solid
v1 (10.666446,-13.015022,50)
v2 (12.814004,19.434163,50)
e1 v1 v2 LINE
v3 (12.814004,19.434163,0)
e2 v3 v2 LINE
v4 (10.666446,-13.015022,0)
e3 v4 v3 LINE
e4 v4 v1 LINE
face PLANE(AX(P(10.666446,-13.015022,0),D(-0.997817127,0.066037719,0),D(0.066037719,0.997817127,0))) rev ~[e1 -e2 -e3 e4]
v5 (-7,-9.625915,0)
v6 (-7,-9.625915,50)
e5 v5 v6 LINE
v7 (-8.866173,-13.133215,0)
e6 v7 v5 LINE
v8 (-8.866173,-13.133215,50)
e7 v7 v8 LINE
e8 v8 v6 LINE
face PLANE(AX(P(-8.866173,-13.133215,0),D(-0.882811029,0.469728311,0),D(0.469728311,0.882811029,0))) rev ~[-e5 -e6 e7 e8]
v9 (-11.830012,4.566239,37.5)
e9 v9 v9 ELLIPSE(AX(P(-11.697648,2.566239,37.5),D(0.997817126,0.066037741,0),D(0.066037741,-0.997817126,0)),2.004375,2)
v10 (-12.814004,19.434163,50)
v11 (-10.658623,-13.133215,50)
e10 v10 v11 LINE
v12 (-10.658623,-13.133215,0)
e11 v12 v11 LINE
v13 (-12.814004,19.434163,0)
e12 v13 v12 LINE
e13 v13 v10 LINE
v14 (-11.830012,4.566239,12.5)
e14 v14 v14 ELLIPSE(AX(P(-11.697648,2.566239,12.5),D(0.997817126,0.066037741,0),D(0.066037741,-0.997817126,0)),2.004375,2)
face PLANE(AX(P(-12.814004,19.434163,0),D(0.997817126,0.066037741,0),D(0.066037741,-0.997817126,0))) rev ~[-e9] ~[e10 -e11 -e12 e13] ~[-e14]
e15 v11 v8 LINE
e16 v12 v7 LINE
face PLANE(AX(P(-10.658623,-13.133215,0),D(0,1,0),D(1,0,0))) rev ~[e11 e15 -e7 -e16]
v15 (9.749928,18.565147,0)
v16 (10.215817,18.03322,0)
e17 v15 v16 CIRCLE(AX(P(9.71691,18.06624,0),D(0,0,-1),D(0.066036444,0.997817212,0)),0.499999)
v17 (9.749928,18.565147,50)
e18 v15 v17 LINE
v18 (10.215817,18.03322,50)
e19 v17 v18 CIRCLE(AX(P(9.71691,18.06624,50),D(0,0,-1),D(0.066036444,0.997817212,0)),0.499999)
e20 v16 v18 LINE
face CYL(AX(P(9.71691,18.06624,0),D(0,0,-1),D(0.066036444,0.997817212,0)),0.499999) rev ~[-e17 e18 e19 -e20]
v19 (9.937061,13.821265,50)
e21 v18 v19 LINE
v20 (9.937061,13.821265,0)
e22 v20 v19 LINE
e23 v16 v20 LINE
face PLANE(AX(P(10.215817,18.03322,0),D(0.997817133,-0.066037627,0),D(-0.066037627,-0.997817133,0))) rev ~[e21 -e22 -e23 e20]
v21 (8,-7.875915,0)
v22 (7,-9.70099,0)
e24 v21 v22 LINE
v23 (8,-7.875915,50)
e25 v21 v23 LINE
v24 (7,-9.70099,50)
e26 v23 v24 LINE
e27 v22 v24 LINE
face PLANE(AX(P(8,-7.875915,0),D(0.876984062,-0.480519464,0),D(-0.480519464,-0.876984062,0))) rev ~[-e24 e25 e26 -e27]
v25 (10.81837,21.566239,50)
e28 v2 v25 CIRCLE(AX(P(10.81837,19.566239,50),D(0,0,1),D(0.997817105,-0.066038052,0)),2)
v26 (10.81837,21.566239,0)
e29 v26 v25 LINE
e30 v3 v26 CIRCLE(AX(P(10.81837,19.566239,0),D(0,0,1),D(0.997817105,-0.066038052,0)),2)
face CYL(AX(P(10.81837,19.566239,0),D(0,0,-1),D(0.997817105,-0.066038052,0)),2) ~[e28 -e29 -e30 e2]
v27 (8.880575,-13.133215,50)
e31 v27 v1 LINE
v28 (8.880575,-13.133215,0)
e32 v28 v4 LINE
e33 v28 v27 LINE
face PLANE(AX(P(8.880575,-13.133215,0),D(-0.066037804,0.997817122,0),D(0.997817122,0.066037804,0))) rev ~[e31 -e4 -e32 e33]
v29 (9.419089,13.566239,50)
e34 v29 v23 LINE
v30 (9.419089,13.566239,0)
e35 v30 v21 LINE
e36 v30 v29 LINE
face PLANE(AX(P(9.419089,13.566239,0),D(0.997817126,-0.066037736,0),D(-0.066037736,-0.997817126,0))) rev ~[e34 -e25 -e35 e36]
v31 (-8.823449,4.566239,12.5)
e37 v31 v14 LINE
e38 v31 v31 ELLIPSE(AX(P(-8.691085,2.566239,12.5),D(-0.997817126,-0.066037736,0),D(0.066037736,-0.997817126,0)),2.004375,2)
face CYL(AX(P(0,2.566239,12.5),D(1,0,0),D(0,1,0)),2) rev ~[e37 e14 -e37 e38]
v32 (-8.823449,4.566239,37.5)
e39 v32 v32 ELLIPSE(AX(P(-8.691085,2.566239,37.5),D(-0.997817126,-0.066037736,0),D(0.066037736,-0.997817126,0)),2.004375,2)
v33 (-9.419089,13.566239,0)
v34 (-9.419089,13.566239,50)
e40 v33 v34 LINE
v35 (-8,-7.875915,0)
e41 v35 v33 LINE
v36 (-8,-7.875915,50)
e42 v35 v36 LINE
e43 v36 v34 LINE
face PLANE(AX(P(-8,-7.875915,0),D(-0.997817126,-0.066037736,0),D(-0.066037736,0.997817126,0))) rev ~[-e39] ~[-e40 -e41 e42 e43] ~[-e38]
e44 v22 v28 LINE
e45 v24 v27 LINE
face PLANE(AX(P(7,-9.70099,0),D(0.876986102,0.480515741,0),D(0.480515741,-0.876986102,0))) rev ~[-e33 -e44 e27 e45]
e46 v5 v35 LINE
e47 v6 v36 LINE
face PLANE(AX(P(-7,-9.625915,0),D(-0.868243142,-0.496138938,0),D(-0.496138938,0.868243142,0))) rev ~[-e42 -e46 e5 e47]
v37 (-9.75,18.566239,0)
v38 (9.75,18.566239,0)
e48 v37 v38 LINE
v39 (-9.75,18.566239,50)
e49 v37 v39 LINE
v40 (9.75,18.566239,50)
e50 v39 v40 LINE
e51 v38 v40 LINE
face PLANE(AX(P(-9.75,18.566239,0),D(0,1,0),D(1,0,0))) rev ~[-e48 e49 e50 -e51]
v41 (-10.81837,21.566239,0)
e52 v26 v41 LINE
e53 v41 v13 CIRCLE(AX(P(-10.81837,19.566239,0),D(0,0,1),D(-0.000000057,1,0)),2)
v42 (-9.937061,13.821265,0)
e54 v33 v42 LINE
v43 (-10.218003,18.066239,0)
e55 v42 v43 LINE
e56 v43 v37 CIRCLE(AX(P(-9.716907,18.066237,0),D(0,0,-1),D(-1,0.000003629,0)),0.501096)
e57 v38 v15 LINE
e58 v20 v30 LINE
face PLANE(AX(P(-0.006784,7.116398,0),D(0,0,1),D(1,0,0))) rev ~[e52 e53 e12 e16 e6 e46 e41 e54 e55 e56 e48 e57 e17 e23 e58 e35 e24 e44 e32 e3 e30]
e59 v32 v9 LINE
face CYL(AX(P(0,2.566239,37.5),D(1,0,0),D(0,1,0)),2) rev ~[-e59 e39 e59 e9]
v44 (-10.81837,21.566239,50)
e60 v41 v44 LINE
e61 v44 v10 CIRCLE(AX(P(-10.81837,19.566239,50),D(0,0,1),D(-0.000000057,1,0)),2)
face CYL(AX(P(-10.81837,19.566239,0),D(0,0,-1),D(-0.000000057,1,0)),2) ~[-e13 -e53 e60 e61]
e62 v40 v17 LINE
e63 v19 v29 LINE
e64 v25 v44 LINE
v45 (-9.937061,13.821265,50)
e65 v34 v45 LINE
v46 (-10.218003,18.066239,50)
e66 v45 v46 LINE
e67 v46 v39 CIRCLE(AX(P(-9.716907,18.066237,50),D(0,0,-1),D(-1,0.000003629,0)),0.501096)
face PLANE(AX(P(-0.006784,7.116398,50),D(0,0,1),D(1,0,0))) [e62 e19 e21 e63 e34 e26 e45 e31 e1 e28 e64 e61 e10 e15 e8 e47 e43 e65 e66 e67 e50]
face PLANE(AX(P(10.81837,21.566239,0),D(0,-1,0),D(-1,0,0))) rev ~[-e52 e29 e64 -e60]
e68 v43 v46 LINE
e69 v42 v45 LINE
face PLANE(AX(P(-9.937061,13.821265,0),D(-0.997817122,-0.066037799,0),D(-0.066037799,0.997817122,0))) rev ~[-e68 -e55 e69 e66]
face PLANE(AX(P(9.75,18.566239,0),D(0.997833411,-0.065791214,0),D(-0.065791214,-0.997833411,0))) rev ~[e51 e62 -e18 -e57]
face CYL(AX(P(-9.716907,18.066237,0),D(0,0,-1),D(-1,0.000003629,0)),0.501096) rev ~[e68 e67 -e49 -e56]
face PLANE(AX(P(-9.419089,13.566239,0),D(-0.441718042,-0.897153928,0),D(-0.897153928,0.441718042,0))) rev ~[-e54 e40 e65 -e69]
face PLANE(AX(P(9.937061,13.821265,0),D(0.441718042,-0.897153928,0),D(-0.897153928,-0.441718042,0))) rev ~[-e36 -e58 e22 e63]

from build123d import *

# Parameters (mm, degrees)
F1_DEPTH = 50
F2_R     = 2
F3_DEPTH = 25


with BuildPart() as f1:
    # F0 (on Top) → F1 (new body)
    with BuildSketch(Plane.XY):
        with BuildLine():
            ThreePointArc((-10.218003, 18.066239), (-10.082748, 18.408666), (-9.75, 18.566239))
            Line((-9.75, 18.566239), (9.75, 18.566239))
            Line((9.75, 18.566239), (9.749928, 18.565147))
            ThreePointArc((9.749928, 18.565147), (10.093038, 18.395673), (10.215817, 18.03322))
            Line((10.215817, 18.03322), (9.937061, 13.821265))
            Line((9.937061, 13.821265), (9.419089, 13.566239))
            Line((9.419089, 13.566239), (8, -7.875915))
            Line((8, -7.875915), (7, -9.70099))
            Line((7, -9.70099), (8.880575, -13.133215))
            Line((8.880575, -13.133215), (10.666446, -13.015022))
            Line((10.666446, -13.015022), (12.814004, 19.434163))
            ThreePointArc((12.814004, 19.434163), (12.278533, 20.932959), (10.81837, 21.566239))
            Line((10.81837, 21.566239), (-10.81837, 21.566239))
            ThreePointArc((-10.81837, 21.566239), (-12.278533, 20.932959), (-12.814004, 19.434163))
            Line((-12.814004, 19.434163), (-10.658623, -13.133215))
            Line((-10.658623, -13.133215), (-8.866173, -13.133215))
            Line((-8.866173, -13.133215), (-7, -9.625915))
            Line((-7, -9.625915), (-8, -7.875915))
            Line((-8, -7.875915), (-9.419089, 13.566239))
            Line((-9.419089, 13.566239), (-9.937061, 13.821265))
            Line((-9.937061, 13.821265), (-10.218003, 18.066239))
        make_face()
    extrude(amount=F1_DEPTH)

    # F2 (on Right) → F3 (cut)
    with BuildSketch(Plane.YZ):
        with Locations((2.566239, 12.5)):
            Circle(F2_R)
        with Locations((2.566239, 37.5)):
            Circle(F2_R)
    extrude(amount=-F3_DEPTH, mode=Mode.SUBTRACT)


solid = f1.part
